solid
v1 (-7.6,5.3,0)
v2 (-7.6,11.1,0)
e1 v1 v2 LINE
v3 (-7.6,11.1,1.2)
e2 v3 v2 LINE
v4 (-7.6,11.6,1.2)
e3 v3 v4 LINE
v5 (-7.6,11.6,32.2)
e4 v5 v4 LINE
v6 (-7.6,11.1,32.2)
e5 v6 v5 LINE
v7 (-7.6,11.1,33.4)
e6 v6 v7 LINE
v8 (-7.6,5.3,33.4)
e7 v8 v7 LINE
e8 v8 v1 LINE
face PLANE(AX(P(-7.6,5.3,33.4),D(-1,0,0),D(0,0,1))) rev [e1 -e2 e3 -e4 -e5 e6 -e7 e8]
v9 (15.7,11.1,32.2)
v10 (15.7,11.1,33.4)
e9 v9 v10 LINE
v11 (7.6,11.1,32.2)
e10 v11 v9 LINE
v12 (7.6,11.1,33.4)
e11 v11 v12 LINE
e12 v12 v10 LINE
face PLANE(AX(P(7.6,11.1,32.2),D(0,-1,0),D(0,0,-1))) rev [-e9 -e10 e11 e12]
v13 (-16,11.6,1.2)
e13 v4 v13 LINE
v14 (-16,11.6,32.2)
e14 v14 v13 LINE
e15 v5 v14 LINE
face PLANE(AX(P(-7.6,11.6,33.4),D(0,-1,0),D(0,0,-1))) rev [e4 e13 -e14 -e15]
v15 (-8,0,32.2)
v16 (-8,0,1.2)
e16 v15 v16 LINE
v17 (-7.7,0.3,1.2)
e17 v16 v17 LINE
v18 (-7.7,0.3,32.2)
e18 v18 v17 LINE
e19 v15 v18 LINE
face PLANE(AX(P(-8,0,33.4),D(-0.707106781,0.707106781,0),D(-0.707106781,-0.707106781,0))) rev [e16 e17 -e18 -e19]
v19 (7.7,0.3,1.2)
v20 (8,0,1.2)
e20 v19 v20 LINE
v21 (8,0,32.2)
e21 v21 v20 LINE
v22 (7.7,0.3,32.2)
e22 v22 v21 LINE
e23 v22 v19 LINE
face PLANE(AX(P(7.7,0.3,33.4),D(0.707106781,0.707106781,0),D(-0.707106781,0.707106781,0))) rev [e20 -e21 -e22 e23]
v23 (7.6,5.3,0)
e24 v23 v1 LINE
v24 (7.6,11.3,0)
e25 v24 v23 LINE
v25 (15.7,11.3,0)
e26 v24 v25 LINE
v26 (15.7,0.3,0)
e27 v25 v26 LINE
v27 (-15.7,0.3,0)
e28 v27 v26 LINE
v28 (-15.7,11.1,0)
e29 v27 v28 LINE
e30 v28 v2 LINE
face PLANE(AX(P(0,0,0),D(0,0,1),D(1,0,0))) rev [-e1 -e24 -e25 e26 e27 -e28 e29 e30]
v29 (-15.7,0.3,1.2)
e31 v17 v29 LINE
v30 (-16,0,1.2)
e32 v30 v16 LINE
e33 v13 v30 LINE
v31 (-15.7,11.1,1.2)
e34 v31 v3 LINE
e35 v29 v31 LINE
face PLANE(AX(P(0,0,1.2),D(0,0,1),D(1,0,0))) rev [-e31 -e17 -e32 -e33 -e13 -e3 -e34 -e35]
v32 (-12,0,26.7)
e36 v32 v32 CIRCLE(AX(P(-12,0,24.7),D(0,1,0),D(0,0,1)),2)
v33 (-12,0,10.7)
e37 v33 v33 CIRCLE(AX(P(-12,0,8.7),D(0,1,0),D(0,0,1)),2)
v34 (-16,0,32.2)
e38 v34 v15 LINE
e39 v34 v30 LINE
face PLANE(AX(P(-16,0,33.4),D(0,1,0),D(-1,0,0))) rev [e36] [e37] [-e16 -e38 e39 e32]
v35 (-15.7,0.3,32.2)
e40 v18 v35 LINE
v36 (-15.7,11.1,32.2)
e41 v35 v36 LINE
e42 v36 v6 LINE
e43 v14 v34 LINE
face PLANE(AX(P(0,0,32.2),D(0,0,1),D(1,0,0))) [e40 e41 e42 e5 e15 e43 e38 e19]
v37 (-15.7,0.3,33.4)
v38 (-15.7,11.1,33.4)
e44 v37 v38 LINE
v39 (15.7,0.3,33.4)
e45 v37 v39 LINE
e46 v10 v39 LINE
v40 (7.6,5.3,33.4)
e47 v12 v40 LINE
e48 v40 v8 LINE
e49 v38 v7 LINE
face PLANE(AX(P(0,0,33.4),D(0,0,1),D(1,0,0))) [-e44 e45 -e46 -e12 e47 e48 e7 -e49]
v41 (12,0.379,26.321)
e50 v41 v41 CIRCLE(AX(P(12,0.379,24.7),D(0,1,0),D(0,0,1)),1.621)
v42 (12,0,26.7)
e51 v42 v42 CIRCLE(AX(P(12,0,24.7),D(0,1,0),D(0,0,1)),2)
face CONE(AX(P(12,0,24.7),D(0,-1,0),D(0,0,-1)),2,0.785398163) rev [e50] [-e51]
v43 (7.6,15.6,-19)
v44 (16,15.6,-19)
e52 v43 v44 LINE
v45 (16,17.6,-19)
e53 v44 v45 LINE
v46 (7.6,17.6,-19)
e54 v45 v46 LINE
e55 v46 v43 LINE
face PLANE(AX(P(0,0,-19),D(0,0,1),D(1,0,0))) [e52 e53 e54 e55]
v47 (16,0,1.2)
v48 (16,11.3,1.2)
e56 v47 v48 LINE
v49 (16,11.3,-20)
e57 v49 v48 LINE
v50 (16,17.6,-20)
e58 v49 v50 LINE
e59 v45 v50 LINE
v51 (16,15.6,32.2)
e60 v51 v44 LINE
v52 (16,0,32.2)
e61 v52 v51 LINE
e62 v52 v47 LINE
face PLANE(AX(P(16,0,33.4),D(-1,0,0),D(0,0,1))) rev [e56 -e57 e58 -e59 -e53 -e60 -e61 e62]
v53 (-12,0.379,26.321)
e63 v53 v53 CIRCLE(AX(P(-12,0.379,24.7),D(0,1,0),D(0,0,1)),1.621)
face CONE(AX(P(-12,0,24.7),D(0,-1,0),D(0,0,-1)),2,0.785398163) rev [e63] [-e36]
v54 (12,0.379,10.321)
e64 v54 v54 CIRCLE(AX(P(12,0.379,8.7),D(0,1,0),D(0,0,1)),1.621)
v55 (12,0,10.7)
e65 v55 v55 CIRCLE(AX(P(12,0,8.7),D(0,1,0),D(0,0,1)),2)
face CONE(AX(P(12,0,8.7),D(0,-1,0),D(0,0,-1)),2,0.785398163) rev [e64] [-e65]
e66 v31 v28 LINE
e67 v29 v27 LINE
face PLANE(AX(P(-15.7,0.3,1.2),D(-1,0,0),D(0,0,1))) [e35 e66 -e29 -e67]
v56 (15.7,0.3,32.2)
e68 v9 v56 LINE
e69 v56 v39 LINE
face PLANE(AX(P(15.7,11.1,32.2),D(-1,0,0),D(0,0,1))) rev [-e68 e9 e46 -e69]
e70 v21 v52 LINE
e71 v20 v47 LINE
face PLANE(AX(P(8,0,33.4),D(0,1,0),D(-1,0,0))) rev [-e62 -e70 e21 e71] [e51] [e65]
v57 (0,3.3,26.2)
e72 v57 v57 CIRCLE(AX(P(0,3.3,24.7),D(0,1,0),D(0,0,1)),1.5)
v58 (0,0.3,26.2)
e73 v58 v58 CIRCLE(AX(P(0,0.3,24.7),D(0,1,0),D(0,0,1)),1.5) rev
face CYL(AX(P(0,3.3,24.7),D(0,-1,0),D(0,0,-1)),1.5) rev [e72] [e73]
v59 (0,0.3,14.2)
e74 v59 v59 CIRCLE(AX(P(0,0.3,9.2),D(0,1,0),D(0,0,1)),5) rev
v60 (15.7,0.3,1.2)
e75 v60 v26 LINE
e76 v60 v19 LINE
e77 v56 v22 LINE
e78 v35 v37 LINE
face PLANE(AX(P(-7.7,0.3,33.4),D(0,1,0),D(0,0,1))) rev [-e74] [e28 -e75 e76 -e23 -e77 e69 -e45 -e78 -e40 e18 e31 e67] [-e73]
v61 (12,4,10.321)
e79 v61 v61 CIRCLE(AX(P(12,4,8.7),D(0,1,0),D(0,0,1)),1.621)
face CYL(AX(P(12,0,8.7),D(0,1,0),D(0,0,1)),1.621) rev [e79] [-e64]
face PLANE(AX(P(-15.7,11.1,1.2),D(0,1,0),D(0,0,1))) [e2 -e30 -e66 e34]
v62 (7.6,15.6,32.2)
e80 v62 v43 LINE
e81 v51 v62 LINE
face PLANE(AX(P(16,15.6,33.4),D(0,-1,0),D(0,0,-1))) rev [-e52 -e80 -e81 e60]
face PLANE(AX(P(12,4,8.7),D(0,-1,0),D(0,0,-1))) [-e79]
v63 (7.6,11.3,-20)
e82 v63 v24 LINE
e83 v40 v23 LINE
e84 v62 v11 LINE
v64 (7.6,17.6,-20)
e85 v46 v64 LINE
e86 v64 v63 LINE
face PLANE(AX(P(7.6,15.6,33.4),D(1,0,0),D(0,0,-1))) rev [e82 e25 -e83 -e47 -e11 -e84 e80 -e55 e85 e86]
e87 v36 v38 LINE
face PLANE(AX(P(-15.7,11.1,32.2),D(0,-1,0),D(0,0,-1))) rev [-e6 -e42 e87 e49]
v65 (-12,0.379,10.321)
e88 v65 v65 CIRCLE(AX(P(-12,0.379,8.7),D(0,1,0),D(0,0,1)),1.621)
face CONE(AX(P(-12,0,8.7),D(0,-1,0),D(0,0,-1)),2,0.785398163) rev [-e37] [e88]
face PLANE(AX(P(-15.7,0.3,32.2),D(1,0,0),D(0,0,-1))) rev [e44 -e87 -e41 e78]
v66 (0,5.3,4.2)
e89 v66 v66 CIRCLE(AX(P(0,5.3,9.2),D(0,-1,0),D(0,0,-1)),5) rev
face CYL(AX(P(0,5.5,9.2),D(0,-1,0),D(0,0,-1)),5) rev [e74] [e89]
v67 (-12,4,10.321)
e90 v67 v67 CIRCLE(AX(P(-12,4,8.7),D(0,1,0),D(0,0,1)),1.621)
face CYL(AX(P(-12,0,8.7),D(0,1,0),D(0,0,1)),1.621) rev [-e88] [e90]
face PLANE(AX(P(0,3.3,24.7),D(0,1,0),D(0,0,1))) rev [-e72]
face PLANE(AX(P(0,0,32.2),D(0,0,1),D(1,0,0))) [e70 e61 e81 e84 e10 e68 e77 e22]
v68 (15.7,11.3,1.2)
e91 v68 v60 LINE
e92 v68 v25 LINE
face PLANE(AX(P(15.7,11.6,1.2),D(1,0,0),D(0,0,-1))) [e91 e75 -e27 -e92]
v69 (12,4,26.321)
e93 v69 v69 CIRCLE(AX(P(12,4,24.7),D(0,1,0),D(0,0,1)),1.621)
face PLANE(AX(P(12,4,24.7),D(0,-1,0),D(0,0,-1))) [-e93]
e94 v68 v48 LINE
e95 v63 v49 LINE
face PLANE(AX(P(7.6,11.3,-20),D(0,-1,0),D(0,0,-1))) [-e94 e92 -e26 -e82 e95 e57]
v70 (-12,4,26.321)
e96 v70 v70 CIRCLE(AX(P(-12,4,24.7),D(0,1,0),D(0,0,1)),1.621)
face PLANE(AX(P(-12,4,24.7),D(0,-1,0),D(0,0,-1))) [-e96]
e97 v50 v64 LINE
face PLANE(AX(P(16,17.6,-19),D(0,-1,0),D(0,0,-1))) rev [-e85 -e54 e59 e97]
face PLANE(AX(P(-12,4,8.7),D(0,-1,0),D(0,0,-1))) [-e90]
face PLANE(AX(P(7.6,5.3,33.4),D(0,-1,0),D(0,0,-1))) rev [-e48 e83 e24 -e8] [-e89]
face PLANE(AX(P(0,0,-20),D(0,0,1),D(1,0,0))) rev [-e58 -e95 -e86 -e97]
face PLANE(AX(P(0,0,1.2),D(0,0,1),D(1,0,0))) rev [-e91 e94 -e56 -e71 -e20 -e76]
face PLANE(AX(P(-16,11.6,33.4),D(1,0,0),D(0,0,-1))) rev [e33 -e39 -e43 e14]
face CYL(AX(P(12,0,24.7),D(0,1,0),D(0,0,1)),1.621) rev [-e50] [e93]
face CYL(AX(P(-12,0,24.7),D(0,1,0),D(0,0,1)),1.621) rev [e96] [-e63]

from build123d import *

# Parameters (mm, degrees)
EXTRUDE_1_DEPTH     = 33.4
CUT_EXTRUDE_1_DEPTH = 1.2
CUT_EXTRUDE_2_DEPTH = 1.2
SKETCH_4_W          = 8.4
SKETCH_4_H          = 4.3
EXTRUDE_2_DEPTH     = 21.2
SKETCH_9_R          = 1.5
CUT_EXTRUDE_3_DEPTH = 3.1
SKETCH_10_R         = 5
CUT_EXTRUDE_4_DEPTH = 5.3
SKETCH_11_W         = 8.4
SKETCH_11_H         = 2
EXTRUDE_3_DEPTH     = 1


with BuildPart() as part:
    # 草图1 → 凸台-拉伸1 (new body)
    with BuildSketch(Plane.XY):
        Polygon((-16, 0), (-8, 0), (-7.7, 0.3), (7.7, 0.3), (8, 0), (16, 0), (16, 15.6), (7.6, 15.6), (7.6, 5.3), (-7.6, 5.3), (-7.6, 11.6), (-16, 11.6), align=None)
    extrude(amount=EXTRUDE_1_DEPTH)

    # 草图2 → 切除-拉伸1 (cut)
    with BuildSketch(Plane.XY):
        Polygon((-16, 0), (16, 0), (16, 15.6), (7.6, 15.6), (7.6, 11.6), (15.7, 11.6), (15.7, 0.3), (-15.7, 0.3), (-15.7, 11.1), (-7.6, 11.1), (-7.6, 11.6), (-16, 11.6), align=None)
    extrude(amount=CUT_EXTRUDE_1_DEPTH, mode=Mode.SUBTRACT)

    # 草图3 → 切除-拉伸2 (cut)
    with BuildSketch(Plane.XY.offset(33.4)):
        Polygon((-16, 0), (16, 0), (16, 15.6), (7.6, 15.6), (7.6, 11.1), (15.7, 11.1), (15.7, 0.3), (-15.7, 0.3), (-15.7, 11.1), (-7.6, 11.1), (-7.6, 11.6), (-16, 11.6), align=None)
    extrude(amount=-CUT_EXTRUDE_2_DEPTH, mode=Mode.SUBTRACT)

    # 草图4 → 凸台-拉伸2 (add)
    with BuildSketch(Plane.XY.offset(1.2)):
        with Locations((11.8, 13.45)):
            Rectangle(SKETCH_4_W, SKETCH_4_H)
    extrude(amount=-EXTRUDE_2_DEPTH)

    # 草图5 → 切除-旋转1 (revolve, cut)
    with BuildSketch(Plane.XY.offset(8.7)):
        Polygon((12, 4), (13.621, 4), (13.621, 0.379), (14, 0), (12, 0), align=None)
    revolve(axis=Axis((12, 0, 8.7), (0, 1, 0)), mode=Mode.SUBTRACT)

    # 草图6 → 切除-旋转2 (revolve, cut)
    with BuildSketch(Plane.XY.offset(8.7)):
        Polygon((-12, 4), (-10.379, 4), (-10.379, 0.379), (-10, 0), (-12, 0), align=None)
    revolve(axis=Axis((-12, 0, 8.7), (0, 1, 0)), mode=Mode.SUBTRACT)

    # 草图7 → 切除-旋转3 (revolve, cut)
    with BuildSketch(Plane.XY.offset(24.7)):
        Polygon((12, 4), (13.621, 4), (13.621, 0.379), (14, 0), (12, 0), align=None)
    revolve(axis=Axis((12, 0, 24.7), (0, 1, 0)), mode=Mode.SUBTRACT)

    # 草图8 → 切除-旋转4 (revolve, cut)
    with BuildSketch(Plane.XY.offset(24.7)):
        Polygon((-12, 4), (-10.379, 4), (-10.379, 0.379), (-10, 0), (-12, 0), align=None)
    revolve(axis=Axis((-12, 0, 24.7), (0, 1, 0)), mode=Mode.SUBTRACT)

    # 草图9 → 切除-拉伸3 (cut)
    with BuildSketch(Plane(origin=(0, 0.2, 0), x_dir=(1, 0, 0), z_dir=(0, 1, 0))):
        with Locations((0, -24.7)):
            Circle(SKETCH_9_R)
    extrude(amount=CUT_EXTRUDE_3_DEPTH, mode=Mode.SUBTRACT)

    # 草图10 → 切除-拉伸4 (cut)
    with BuildSketch(Plane(origin=(0, 0.2, 0), x_dir=(1, 0, 0), z_dir=(0, 1, 0))):
        with Locations((0, -9.2)):
            Circle(SKETCH_10_R)
    extrude(amount=CUT_EXTRUDE_4_DEPTH, mode=Mode.SUBTRACT)

    # 草图11 → 凸台-拉伸3 (add)
    with BuildSketch(Plane.XY.offset(-20)):
        with Locations((11.8, 16.6)):
            Rectangle(SKETCH_11_W, SKETCH_11_H)
    extrude(amount=EXTRUDE_3_DEPTH)


solid = part.part
